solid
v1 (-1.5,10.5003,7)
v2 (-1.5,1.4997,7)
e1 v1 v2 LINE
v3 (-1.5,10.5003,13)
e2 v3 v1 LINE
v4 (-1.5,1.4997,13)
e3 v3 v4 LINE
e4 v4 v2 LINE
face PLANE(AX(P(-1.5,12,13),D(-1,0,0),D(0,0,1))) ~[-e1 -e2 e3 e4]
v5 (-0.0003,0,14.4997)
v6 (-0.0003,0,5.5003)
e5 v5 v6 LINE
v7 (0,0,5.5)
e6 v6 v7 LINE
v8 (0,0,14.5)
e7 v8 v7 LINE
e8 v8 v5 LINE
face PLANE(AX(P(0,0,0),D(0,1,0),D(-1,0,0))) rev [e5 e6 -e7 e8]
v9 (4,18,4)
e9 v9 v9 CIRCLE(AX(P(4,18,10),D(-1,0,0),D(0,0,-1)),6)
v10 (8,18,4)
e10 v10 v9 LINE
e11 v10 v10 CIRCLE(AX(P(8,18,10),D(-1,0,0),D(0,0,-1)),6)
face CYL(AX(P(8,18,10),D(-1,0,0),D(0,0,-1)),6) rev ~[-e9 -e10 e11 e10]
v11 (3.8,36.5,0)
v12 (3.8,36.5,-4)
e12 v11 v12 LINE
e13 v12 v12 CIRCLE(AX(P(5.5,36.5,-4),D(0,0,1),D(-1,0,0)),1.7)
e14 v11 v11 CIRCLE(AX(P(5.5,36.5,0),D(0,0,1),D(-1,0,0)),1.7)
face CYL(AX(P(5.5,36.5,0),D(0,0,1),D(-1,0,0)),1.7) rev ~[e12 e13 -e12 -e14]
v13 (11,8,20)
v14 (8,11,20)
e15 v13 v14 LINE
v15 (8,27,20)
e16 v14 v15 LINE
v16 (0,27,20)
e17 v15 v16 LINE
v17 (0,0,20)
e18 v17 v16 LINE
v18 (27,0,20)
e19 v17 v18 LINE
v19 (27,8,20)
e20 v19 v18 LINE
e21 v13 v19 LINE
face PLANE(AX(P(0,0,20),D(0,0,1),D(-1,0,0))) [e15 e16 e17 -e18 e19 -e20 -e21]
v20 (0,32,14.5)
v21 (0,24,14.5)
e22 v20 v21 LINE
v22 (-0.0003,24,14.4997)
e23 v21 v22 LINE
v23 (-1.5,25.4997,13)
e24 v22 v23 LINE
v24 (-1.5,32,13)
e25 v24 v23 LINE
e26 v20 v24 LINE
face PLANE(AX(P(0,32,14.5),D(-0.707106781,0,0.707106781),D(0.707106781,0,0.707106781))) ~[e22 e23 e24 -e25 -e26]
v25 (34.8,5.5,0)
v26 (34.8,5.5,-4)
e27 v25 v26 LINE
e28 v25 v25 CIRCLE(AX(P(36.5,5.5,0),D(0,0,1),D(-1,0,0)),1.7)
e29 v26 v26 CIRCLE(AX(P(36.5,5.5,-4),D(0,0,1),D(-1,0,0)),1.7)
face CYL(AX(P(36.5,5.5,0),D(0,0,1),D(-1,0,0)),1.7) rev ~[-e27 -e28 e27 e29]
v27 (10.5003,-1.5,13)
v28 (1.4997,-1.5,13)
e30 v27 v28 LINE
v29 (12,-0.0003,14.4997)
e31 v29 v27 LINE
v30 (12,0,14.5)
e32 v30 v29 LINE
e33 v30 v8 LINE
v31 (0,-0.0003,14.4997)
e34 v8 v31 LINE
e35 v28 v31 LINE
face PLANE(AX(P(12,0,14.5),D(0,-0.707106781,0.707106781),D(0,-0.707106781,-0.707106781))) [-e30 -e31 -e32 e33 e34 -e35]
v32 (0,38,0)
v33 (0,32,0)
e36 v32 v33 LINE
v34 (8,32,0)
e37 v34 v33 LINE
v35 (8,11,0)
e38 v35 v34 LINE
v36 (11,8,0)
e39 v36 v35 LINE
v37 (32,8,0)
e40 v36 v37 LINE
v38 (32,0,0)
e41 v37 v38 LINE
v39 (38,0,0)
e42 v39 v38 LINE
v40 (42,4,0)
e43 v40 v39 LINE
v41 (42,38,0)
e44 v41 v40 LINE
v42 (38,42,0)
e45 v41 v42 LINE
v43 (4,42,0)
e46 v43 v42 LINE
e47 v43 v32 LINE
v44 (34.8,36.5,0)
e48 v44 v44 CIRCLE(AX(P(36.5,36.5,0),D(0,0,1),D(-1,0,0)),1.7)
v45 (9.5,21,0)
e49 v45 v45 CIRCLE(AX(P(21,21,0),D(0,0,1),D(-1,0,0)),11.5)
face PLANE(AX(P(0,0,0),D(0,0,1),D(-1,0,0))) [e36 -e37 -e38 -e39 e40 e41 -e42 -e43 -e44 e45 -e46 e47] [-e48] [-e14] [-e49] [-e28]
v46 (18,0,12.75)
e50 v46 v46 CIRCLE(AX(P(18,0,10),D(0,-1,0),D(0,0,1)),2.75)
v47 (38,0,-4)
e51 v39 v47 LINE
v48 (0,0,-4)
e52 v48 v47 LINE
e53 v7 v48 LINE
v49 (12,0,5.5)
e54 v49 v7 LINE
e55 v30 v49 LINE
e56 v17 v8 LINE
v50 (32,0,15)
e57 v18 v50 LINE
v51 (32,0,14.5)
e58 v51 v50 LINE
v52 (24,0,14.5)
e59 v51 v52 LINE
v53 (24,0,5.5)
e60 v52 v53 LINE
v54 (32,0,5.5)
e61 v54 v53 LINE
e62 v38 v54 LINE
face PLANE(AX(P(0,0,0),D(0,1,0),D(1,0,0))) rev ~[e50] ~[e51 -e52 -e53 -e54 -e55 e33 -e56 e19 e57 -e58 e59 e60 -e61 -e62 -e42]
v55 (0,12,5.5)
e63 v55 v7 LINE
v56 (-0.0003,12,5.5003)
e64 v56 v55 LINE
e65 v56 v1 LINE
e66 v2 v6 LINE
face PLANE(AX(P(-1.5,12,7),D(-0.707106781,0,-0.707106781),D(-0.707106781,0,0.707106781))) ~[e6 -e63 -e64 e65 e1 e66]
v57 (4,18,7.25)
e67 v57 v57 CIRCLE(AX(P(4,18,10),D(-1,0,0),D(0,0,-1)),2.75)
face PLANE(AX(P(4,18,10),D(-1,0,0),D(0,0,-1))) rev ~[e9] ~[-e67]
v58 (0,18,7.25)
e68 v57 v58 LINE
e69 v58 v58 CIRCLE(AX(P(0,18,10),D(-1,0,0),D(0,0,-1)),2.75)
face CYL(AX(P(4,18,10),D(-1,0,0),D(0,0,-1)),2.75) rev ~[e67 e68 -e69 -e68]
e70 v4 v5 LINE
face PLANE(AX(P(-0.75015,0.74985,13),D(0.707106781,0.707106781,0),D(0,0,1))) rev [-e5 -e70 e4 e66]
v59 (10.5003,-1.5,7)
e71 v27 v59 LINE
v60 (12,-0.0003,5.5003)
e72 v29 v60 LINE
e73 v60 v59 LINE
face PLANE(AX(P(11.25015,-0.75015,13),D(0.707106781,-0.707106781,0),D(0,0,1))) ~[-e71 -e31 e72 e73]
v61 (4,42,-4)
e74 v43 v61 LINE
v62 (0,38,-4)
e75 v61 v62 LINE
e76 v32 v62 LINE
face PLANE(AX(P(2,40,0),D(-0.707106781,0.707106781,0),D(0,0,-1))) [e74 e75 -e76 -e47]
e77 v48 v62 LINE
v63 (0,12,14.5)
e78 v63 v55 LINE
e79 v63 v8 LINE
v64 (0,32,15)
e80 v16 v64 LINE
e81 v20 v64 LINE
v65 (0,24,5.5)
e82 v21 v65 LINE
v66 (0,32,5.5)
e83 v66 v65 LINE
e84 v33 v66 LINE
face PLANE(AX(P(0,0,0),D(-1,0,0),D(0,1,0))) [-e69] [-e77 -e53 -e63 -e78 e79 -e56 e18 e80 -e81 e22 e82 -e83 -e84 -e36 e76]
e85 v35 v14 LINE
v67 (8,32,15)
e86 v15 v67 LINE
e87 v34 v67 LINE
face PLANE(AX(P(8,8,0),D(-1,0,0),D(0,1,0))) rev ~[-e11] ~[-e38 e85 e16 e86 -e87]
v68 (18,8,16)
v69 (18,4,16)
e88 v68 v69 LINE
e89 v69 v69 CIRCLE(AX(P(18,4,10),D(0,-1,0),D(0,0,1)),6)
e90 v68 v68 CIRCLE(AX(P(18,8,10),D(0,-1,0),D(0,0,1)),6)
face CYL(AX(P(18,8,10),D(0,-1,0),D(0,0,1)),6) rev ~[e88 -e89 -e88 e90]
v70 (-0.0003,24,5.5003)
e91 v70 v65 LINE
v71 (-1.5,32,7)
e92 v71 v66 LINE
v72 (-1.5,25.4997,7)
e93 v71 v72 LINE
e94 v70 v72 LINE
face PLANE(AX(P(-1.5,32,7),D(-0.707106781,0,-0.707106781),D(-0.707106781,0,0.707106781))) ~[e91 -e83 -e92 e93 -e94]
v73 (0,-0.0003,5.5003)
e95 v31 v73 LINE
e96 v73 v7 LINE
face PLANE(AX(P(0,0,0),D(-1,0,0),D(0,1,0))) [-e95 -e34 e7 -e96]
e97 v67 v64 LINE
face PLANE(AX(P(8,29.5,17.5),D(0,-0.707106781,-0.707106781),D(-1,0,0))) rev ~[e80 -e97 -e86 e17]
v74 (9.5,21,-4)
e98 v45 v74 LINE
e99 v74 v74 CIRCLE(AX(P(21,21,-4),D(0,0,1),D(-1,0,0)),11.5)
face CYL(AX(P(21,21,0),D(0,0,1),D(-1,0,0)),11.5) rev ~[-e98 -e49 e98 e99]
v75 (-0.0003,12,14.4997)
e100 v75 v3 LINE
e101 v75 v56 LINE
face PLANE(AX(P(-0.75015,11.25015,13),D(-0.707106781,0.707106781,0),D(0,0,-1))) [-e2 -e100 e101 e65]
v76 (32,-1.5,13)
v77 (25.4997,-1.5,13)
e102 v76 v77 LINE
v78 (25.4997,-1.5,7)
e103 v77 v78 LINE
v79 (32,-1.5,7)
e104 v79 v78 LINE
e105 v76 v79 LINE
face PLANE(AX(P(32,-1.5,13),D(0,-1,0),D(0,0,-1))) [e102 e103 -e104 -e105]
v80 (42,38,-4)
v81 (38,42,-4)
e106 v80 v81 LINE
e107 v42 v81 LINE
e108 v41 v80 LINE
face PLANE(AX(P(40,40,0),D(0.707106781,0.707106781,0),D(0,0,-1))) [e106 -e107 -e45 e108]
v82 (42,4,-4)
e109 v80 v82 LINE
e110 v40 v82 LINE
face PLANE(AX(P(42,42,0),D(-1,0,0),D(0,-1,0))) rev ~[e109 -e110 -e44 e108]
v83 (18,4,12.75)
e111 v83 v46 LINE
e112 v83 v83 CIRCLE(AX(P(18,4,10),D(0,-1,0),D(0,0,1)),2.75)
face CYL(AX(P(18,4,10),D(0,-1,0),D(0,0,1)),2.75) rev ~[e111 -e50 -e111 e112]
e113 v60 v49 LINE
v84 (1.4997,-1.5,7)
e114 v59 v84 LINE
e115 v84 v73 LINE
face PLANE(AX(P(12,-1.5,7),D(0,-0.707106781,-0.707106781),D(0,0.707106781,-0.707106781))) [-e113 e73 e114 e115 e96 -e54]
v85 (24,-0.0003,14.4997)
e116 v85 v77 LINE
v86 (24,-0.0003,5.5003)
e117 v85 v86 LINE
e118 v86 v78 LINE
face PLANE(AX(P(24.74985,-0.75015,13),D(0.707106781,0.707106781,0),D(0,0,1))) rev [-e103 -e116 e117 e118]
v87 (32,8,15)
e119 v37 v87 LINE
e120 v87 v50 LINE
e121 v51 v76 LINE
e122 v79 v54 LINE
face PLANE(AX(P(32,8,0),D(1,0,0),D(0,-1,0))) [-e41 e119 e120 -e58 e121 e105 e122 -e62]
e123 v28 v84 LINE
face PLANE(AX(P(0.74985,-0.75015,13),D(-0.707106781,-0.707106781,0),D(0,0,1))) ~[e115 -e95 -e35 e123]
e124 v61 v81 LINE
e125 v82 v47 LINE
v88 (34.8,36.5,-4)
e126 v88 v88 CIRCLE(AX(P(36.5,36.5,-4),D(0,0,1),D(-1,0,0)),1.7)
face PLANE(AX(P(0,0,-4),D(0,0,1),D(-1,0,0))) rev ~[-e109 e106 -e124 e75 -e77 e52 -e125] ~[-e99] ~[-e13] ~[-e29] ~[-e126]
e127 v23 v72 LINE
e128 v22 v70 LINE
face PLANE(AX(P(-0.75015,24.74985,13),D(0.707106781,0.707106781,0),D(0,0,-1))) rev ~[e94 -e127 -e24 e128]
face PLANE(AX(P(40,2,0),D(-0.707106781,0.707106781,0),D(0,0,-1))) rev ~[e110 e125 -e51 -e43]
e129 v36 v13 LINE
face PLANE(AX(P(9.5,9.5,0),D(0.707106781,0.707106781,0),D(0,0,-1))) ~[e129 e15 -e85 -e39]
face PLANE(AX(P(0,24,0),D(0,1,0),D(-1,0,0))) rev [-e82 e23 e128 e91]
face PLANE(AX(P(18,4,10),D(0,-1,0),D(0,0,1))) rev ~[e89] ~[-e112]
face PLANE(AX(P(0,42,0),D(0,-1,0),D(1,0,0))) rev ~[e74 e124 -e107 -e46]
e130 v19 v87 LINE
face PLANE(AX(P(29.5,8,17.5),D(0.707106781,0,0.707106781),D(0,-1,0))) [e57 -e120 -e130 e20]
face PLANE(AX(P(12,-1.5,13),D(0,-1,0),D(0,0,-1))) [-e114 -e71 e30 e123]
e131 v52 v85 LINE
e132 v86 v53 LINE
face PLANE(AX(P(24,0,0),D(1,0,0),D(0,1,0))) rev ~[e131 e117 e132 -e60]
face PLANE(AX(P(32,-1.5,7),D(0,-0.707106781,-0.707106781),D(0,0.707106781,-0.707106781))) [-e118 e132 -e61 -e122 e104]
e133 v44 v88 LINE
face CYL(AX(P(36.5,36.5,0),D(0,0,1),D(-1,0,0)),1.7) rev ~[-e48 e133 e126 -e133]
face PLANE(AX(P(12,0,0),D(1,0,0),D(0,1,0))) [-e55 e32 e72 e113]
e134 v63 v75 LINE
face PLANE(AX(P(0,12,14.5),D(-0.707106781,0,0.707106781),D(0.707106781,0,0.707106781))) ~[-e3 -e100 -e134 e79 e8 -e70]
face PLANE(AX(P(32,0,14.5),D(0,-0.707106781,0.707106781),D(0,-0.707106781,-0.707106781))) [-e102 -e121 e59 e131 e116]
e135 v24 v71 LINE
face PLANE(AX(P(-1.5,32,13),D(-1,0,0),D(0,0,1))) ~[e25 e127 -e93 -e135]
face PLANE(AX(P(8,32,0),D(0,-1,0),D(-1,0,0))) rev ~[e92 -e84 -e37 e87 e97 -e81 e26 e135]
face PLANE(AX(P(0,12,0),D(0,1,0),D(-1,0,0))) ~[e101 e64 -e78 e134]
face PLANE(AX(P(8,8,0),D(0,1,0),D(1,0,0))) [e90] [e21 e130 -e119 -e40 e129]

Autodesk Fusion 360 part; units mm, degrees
sketch "Sketch1" plane through (0, 0, 0) normal (0, 0, 1) x (-1, 0, 0)
  line L0 (-42, -42) -> (-42, 0)
  circle A0 centre (-36.5, -36.5) radius 1.7
  circle A1 centre (-36.5, -5.5) radius 1.7
  circle A2 centre (-5.5, -5.5) radius 1.7 construction
  circle A3 centre (-5.5, -36.5) radius 1.7
  line L1 (-5.5, -36.5) -> (-36.5, -36.5) construction
  line L2 (-36.5, -5.5) -> (-5.5, -5.5) construction
  line L3 (-36.5, -36.5) -> (-36.5, -5.5) construction
  circle A4 centre (-21, -21) radius 11.5
  line L4 (0, 0) -> (0, -42)
  line L5 (0, 0) -> (-42, 0)
  line L6 (-5.5, -5.5) -> (-36.5, -36.5) construction
  line L7 (-5.5, -36.5) -> (-5.5, -5.5) construction
  line L8 (-8, -8) -> (-32, -8)
  line L9 (-32, -8) -> (-32, 0)
  line L10 (-8, -8) -> (-8, -32)
  line L11 (-8, -32) -> (0, -32)
  line L12 (0, -42) -> (-42, -42)
  circle A5 centre (-36.5, -5.5) radius 4 construction
  circle A6 centre (-5.5, -36.5) radius 4 construction
  dimension "d1130" = 31
  dimension "d1131" = 31
  dimension "d1132" = 3.4
  dimension "d1173" = 23
  dimension "d1184" = 0
  dimension "d1185" = 0
  dimension "d1186" = 0
  dimension "d1187" = 0
  dimension "d1331" = 42
  dimension "d1332" = 42
  dimension "d1339" = 0
  dimension "d1340" = 0
  dimension "d1341" = 0
  dimension "d1342" = 0
  dimension "d1367" = 0
  dimension "d1368" = 0
  dimension "d1369" = 0
  dimension "d1370" = 0
  dimension "d1450" = 0
  dimension "d1451" = 0
  dimension "d1452" = 0
  dimension "d1453" = 0
  dimension "d1458" = 0
  dimension "d1459" = 0
  dimension "d1460" = 0
  dimension "d1461" = 0
  dimension "d1615" = 0
  dimension "d1616" = 0
  dimension "d1617" = 0
  dimension "d1618" = 0
  dimension "d2598" = 32
  dimension "d2" = 32
  dimension "d4" = 20
  dimension "d181" = 5.5
  dimension "d182" = 8
  dimension "d199" = 0
  dimension "d200" = 0
  dimension "d201" = 0
  dimension "d202" = 0
  dimension "d277" = 8
extrude "Extrude1" add sketch "Sketch1" against normal blind 4
chamfer "Chamfer6" distance 4 angle 45 3 edges at (42, 0, -2) (0, 42, -2) (42, 42, -2)
extrude "Extrude6" add sketch "Sketch1" along normal blind 20 contours L4 L5 L8 L9 L10 L11
sketch "Sketch6" plane through (32, 0, 0) normal (1, 0, 0) x (0, 1, 0)
  line L0 (0, 0) -> (8, 0)
  line L1 (8, 0) -> (8, 20)
  line L2 (8, 20) -> (0, 20)
  line L3 (0, 20) -> (0, 0)
  line L4 (0, 10) -> (-1.5, 10) construction
  line L5 (0, 14.5) -> (-1.5, 13)
  line L6 (-1.5, 13) -> (-1.5, 7)
  line L7 (-1.5, 7) -> (0, 5.5)
  dimension "d7" = 1.5
  dimension "d8" = 6
extrude "Extrude11" add sketch "Sketch6" against normal blind 8 contours L3 L5 L6 L7
extrude "Extrude12" add 1 faces at (24, -0.5, 11) along direction (-1, 0, 0) blind 12 from surface at 12
ref_plane "WorkPlane1" through (0, 0, 8) normal (0.7071, -0.7071, 0) x (0, 0, -1)
mirror "Mirror1" about plane through (0, 0, 8) normal (0.7071, -0.7071, 0) of "Extrude11", "Extrude12"
hole "Hole3" at (18, 8, 10) direction (0, -1, 0) diameter 5.5 depth 19 tip angle 118 counterbore diameter 12 counterbore depth 4
hole "Hole4" at (8, 18, 10) direction (-1, 0, 0) diameter 5.5 depth 12 tip angle 118 counterbore diameter 12 counterbore depth 4
chamfer "Chamfer4" distance 5 angle 45 2 edges at (32, 4, 20) (4, 32, 20)
chamfer "Chamfer7" distance 1.5 angle 45 6 edges at (12, -1.5, 10) (24, -1.5, 10) (-1.5, 12, 10) (-1.5, 24, 10) (0, -1.5, 10) (-1.5, 0, 10)
chamfer "Chamfer8" distance 3 angle 45 1 edges at (8, 8, 10)
equation "d1131 = d1130"
equation "d1332 = d1331"
equation "d2 = d2598"
